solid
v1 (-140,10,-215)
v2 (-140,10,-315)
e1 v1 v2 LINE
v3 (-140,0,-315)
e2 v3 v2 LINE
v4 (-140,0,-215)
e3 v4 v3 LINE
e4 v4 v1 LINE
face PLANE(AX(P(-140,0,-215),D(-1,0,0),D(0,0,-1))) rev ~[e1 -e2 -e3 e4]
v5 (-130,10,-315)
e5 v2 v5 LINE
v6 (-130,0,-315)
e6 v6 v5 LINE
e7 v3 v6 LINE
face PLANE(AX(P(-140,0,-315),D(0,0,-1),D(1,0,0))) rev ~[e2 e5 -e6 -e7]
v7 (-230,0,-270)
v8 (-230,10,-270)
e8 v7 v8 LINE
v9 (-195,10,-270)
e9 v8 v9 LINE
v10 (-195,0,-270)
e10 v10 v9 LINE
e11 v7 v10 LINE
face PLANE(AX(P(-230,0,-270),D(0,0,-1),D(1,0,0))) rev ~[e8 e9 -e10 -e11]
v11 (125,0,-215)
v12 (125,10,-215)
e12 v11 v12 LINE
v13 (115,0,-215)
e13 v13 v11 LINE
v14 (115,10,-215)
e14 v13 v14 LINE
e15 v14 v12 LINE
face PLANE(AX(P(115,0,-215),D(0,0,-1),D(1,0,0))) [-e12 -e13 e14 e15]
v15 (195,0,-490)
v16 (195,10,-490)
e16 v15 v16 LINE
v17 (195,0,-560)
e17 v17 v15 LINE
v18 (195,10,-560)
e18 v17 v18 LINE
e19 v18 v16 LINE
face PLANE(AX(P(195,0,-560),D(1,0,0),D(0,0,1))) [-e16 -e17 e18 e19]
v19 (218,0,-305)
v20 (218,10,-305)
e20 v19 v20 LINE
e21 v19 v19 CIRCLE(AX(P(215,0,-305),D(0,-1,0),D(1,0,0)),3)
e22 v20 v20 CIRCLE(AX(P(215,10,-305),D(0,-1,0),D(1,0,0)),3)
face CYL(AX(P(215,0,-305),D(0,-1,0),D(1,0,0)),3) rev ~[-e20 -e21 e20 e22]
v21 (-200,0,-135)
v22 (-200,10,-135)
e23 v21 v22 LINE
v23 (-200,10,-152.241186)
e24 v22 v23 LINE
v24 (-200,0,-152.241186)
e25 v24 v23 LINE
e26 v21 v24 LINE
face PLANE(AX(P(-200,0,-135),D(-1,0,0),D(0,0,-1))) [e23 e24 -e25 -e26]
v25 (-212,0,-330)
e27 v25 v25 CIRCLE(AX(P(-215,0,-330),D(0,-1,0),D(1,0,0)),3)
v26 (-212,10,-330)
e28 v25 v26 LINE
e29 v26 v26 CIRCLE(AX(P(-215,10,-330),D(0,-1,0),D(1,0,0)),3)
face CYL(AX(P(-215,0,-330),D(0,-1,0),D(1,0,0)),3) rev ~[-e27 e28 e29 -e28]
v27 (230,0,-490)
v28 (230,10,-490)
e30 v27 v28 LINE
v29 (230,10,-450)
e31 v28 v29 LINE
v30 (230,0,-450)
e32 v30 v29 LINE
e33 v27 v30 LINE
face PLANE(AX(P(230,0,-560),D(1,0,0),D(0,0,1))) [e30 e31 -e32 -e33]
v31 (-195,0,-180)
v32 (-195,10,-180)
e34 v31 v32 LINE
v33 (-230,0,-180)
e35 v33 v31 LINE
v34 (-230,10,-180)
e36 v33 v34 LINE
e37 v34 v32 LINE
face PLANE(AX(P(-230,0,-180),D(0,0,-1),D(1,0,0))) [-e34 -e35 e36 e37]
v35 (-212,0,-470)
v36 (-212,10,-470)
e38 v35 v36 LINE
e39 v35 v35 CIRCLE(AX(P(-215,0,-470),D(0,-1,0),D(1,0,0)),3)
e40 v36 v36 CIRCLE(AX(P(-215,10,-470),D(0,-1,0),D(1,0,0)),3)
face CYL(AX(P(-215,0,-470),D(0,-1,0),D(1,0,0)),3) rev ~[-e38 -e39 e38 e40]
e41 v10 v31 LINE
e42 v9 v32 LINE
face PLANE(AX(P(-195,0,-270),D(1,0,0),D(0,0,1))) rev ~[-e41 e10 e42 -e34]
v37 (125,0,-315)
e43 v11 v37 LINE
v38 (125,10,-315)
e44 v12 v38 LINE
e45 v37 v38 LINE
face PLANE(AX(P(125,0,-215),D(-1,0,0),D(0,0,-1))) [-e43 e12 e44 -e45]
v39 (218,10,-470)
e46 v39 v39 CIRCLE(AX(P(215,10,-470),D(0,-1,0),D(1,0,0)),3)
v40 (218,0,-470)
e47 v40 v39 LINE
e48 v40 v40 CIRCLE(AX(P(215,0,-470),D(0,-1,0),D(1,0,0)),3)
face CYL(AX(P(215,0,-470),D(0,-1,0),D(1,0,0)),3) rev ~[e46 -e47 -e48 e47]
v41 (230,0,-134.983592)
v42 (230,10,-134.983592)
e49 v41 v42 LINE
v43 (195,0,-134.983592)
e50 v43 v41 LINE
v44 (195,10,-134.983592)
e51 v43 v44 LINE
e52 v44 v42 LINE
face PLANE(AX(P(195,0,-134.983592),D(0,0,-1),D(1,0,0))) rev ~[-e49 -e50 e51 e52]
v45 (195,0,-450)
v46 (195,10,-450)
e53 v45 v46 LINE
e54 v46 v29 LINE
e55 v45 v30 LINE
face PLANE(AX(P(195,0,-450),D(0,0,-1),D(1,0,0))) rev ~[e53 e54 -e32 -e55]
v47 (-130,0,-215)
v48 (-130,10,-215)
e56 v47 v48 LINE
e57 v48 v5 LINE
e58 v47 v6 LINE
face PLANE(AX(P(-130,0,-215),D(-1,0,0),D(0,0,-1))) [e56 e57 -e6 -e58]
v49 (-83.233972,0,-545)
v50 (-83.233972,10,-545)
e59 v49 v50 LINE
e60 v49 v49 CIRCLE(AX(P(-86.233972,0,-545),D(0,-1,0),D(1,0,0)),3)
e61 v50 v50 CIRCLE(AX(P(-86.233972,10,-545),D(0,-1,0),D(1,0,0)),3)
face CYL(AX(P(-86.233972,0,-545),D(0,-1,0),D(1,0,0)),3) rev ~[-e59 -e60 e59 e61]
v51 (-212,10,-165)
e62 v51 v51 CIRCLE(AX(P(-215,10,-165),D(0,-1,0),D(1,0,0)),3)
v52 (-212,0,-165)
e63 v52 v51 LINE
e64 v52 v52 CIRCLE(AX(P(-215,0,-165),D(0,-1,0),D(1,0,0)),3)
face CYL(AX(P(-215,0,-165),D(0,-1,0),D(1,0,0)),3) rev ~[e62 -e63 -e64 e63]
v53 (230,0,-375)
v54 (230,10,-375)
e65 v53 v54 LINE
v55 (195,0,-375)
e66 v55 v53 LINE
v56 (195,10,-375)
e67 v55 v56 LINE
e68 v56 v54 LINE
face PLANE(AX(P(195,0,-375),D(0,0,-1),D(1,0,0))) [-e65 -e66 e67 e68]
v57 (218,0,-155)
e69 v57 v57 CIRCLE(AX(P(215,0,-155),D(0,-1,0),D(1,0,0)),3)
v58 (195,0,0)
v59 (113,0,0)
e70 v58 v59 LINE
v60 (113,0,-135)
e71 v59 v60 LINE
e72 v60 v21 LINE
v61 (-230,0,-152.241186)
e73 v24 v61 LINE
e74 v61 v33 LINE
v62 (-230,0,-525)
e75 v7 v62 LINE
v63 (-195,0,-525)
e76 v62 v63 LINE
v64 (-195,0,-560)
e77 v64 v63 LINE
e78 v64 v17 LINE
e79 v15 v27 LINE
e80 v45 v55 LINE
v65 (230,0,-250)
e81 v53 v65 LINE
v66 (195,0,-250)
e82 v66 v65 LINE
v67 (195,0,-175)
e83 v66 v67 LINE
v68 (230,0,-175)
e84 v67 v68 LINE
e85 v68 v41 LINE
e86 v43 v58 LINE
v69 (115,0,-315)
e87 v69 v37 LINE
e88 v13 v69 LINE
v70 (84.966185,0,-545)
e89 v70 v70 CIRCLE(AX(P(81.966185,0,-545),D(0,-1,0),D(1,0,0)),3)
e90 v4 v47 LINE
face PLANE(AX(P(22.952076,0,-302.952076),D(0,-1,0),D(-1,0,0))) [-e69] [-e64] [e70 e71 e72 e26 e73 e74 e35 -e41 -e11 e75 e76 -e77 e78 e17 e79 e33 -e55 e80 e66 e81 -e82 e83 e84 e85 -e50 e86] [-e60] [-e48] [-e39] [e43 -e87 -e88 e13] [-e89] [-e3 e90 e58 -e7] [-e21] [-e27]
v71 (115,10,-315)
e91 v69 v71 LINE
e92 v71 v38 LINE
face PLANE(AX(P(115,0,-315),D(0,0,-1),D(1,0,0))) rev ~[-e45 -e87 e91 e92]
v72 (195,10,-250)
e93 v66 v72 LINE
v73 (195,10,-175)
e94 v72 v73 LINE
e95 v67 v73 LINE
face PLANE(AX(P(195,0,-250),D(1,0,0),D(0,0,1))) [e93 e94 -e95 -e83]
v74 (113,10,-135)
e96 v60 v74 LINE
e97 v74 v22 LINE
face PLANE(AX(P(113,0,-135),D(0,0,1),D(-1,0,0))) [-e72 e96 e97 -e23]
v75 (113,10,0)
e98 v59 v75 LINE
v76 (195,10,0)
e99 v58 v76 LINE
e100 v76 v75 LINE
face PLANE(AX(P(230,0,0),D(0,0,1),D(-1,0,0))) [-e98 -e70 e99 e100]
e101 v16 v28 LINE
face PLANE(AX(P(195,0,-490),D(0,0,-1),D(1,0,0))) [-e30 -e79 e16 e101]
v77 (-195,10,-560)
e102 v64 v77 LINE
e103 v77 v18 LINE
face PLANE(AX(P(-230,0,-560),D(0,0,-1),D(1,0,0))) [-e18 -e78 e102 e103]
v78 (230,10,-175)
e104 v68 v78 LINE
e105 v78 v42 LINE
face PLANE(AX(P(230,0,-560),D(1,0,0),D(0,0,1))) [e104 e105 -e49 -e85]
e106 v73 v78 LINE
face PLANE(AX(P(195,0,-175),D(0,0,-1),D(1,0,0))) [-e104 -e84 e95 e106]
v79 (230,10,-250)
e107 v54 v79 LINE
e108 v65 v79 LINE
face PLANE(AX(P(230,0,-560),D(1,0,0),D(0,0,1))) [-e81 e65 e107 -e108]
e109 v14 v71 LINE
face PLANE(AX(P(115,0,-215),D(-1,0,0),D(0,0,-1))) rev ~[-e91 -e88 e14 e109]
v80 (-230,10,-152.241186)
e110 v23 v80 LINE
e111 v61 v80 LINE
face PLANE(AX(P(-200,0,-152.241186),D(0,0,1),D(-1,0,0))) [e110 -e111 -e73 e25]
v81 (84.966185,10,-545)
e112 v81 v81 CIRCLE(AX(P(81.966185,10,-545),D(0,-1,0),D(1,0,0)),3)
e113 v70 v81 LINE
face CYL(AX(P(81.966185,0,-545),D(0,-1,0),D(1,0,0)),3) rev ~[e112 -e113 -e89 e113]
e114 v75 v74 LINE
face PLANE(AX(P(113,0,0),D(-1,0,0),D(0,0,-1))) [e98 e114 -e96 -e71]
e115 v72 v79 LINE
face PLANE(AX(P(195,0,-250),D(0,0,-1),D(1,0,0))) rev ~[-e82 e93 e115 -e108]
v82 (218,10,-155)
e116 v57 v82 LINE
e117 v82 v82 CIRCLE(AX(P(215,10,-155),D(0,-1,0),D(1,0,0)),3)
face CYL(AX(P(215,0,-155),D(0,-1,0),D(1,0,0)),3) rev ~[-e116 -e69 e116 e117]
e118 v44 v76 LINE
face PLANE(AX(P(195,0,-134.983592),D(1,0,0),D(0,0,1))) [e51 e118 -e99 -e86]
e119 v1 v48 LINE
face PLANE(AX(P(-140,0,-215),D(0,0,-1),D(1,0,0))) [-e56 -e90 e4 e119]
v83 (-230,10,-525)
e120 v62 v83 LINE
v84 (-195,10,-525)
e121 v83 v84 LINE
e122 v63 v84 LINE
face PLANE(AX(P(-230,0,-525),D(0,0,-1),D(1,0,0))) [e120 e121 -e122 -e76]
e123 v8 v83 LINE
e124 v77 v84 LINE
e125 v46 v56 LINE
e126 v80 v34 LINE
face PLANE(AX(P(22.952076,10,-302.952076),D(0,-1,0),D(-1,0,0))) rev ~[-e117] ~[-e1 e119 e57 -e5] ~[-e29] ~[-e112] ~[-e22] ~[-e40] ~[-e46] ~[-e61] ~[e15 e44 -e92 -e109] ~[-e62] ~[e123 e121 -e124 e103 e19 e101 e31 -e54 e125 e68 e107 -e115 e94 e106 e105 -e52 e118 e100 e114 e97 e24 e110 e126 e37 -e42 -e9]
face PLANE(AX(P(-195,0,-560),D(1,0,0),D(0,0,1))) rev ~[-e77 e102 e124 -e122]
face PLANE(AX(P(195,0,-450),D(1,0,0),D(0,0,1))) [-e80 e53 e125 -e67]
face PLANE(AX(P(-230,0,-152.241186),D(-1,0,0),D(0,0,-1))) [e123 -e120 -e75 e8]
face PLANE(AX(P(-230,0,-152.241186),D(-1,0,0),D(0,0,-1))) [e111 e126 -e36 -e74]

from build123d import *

# Parameters (mm, degrees)
SKETCH1_W           = 10
SKETCH1_H           = 100
BOSS_EXTRUDE1_DEPTH = 10
SKETCH2_R           = 3
SKETCH2_W           = 35
SKETCH2_H           = 70
SKETCH2_H_2         = 35
SKETCH2_H_3         = 90
SKETCH2_H_4         = 134.983592253
SKETCH2_H_5         = 75
CUT_EXTRUDE1_DEPTH  = 10


with BuildPart() as part:
    # Sketch1 → Boss-Extrude1 (new body)
    with BuildSketch(Plane(origin=(0, 0, 0), x_dir=(1, 0, 0), z_dir=(0, 1, 0))):
        Polygon((230, 560), (230, 0), (113, 0), (113, 135), (-200, 135), (-200, 152.241186389), (-230, 152.241186389), (-230, 560), align=None)
        with Locations((120, 265)):
            Rectangle(SKETCH1_W, SKETCH1_H, mode=Mode.SUBTRACT)
        with Locations((-135, 265)):
            Rectangle(SKETCH1_W, SKETCH1_H, mode=Mode.SUBTRACT)
    extrude(amount=BOSS_EXTRUDE1_DEPTH)

    # Sketch2 → Cut-Extrude1 (cut)
    with BuildSketch(Plane.XZ):
        with Locations((215, -470)):
            Circle(SKETCH2_R)
        with Locations((215, -155)):
            Circle(SKETCH2_R)
        with Locations((215, -305)):
            Circle(SKETCH2_R)
        with Locations((-215, -165)):
            Circle(SKETCH2_R)
        with Locations((-215, -470)):
            Circle(SKETCH2_R)
        with Locations((-215, -330)):
            Circle(SKETCH2_R)
        with Locations((81.96618504, -545)):
            Circle(SKETCH2_R)
        with Locations((-86.233971822, -545)):
            Circle(SKETCH2_R)
        with Locations((212.5, -525)):
            Rectangle(SKETCH2_W, SKETCH2_H)
        with Locations((-212.5, -542.5)):
            Rectangle(SKETCH2_W, SKETCH2_H_2)
        with Locations((-212.5, -225)):
            Rectangle(SKETCH2_W, SKETCH2_H_3)
        with Locations((212.5, -67.491796127)):
            Rectangle(SKETCH2_W, SKETCH2_H_4)
        with Locations((212.5, -212.5)):
            Rectangle(SKETCH2_W, SKETCH2_H_5)
        with Locations((212.5, -412.5)):
            Rectangle(SKETCH2_W, SKETCH2_H_5)
    extrude(amount=-CUT_EXTRUDE1_DEPTH, mode=Mode.SUBTRACT)


solid = part.part
